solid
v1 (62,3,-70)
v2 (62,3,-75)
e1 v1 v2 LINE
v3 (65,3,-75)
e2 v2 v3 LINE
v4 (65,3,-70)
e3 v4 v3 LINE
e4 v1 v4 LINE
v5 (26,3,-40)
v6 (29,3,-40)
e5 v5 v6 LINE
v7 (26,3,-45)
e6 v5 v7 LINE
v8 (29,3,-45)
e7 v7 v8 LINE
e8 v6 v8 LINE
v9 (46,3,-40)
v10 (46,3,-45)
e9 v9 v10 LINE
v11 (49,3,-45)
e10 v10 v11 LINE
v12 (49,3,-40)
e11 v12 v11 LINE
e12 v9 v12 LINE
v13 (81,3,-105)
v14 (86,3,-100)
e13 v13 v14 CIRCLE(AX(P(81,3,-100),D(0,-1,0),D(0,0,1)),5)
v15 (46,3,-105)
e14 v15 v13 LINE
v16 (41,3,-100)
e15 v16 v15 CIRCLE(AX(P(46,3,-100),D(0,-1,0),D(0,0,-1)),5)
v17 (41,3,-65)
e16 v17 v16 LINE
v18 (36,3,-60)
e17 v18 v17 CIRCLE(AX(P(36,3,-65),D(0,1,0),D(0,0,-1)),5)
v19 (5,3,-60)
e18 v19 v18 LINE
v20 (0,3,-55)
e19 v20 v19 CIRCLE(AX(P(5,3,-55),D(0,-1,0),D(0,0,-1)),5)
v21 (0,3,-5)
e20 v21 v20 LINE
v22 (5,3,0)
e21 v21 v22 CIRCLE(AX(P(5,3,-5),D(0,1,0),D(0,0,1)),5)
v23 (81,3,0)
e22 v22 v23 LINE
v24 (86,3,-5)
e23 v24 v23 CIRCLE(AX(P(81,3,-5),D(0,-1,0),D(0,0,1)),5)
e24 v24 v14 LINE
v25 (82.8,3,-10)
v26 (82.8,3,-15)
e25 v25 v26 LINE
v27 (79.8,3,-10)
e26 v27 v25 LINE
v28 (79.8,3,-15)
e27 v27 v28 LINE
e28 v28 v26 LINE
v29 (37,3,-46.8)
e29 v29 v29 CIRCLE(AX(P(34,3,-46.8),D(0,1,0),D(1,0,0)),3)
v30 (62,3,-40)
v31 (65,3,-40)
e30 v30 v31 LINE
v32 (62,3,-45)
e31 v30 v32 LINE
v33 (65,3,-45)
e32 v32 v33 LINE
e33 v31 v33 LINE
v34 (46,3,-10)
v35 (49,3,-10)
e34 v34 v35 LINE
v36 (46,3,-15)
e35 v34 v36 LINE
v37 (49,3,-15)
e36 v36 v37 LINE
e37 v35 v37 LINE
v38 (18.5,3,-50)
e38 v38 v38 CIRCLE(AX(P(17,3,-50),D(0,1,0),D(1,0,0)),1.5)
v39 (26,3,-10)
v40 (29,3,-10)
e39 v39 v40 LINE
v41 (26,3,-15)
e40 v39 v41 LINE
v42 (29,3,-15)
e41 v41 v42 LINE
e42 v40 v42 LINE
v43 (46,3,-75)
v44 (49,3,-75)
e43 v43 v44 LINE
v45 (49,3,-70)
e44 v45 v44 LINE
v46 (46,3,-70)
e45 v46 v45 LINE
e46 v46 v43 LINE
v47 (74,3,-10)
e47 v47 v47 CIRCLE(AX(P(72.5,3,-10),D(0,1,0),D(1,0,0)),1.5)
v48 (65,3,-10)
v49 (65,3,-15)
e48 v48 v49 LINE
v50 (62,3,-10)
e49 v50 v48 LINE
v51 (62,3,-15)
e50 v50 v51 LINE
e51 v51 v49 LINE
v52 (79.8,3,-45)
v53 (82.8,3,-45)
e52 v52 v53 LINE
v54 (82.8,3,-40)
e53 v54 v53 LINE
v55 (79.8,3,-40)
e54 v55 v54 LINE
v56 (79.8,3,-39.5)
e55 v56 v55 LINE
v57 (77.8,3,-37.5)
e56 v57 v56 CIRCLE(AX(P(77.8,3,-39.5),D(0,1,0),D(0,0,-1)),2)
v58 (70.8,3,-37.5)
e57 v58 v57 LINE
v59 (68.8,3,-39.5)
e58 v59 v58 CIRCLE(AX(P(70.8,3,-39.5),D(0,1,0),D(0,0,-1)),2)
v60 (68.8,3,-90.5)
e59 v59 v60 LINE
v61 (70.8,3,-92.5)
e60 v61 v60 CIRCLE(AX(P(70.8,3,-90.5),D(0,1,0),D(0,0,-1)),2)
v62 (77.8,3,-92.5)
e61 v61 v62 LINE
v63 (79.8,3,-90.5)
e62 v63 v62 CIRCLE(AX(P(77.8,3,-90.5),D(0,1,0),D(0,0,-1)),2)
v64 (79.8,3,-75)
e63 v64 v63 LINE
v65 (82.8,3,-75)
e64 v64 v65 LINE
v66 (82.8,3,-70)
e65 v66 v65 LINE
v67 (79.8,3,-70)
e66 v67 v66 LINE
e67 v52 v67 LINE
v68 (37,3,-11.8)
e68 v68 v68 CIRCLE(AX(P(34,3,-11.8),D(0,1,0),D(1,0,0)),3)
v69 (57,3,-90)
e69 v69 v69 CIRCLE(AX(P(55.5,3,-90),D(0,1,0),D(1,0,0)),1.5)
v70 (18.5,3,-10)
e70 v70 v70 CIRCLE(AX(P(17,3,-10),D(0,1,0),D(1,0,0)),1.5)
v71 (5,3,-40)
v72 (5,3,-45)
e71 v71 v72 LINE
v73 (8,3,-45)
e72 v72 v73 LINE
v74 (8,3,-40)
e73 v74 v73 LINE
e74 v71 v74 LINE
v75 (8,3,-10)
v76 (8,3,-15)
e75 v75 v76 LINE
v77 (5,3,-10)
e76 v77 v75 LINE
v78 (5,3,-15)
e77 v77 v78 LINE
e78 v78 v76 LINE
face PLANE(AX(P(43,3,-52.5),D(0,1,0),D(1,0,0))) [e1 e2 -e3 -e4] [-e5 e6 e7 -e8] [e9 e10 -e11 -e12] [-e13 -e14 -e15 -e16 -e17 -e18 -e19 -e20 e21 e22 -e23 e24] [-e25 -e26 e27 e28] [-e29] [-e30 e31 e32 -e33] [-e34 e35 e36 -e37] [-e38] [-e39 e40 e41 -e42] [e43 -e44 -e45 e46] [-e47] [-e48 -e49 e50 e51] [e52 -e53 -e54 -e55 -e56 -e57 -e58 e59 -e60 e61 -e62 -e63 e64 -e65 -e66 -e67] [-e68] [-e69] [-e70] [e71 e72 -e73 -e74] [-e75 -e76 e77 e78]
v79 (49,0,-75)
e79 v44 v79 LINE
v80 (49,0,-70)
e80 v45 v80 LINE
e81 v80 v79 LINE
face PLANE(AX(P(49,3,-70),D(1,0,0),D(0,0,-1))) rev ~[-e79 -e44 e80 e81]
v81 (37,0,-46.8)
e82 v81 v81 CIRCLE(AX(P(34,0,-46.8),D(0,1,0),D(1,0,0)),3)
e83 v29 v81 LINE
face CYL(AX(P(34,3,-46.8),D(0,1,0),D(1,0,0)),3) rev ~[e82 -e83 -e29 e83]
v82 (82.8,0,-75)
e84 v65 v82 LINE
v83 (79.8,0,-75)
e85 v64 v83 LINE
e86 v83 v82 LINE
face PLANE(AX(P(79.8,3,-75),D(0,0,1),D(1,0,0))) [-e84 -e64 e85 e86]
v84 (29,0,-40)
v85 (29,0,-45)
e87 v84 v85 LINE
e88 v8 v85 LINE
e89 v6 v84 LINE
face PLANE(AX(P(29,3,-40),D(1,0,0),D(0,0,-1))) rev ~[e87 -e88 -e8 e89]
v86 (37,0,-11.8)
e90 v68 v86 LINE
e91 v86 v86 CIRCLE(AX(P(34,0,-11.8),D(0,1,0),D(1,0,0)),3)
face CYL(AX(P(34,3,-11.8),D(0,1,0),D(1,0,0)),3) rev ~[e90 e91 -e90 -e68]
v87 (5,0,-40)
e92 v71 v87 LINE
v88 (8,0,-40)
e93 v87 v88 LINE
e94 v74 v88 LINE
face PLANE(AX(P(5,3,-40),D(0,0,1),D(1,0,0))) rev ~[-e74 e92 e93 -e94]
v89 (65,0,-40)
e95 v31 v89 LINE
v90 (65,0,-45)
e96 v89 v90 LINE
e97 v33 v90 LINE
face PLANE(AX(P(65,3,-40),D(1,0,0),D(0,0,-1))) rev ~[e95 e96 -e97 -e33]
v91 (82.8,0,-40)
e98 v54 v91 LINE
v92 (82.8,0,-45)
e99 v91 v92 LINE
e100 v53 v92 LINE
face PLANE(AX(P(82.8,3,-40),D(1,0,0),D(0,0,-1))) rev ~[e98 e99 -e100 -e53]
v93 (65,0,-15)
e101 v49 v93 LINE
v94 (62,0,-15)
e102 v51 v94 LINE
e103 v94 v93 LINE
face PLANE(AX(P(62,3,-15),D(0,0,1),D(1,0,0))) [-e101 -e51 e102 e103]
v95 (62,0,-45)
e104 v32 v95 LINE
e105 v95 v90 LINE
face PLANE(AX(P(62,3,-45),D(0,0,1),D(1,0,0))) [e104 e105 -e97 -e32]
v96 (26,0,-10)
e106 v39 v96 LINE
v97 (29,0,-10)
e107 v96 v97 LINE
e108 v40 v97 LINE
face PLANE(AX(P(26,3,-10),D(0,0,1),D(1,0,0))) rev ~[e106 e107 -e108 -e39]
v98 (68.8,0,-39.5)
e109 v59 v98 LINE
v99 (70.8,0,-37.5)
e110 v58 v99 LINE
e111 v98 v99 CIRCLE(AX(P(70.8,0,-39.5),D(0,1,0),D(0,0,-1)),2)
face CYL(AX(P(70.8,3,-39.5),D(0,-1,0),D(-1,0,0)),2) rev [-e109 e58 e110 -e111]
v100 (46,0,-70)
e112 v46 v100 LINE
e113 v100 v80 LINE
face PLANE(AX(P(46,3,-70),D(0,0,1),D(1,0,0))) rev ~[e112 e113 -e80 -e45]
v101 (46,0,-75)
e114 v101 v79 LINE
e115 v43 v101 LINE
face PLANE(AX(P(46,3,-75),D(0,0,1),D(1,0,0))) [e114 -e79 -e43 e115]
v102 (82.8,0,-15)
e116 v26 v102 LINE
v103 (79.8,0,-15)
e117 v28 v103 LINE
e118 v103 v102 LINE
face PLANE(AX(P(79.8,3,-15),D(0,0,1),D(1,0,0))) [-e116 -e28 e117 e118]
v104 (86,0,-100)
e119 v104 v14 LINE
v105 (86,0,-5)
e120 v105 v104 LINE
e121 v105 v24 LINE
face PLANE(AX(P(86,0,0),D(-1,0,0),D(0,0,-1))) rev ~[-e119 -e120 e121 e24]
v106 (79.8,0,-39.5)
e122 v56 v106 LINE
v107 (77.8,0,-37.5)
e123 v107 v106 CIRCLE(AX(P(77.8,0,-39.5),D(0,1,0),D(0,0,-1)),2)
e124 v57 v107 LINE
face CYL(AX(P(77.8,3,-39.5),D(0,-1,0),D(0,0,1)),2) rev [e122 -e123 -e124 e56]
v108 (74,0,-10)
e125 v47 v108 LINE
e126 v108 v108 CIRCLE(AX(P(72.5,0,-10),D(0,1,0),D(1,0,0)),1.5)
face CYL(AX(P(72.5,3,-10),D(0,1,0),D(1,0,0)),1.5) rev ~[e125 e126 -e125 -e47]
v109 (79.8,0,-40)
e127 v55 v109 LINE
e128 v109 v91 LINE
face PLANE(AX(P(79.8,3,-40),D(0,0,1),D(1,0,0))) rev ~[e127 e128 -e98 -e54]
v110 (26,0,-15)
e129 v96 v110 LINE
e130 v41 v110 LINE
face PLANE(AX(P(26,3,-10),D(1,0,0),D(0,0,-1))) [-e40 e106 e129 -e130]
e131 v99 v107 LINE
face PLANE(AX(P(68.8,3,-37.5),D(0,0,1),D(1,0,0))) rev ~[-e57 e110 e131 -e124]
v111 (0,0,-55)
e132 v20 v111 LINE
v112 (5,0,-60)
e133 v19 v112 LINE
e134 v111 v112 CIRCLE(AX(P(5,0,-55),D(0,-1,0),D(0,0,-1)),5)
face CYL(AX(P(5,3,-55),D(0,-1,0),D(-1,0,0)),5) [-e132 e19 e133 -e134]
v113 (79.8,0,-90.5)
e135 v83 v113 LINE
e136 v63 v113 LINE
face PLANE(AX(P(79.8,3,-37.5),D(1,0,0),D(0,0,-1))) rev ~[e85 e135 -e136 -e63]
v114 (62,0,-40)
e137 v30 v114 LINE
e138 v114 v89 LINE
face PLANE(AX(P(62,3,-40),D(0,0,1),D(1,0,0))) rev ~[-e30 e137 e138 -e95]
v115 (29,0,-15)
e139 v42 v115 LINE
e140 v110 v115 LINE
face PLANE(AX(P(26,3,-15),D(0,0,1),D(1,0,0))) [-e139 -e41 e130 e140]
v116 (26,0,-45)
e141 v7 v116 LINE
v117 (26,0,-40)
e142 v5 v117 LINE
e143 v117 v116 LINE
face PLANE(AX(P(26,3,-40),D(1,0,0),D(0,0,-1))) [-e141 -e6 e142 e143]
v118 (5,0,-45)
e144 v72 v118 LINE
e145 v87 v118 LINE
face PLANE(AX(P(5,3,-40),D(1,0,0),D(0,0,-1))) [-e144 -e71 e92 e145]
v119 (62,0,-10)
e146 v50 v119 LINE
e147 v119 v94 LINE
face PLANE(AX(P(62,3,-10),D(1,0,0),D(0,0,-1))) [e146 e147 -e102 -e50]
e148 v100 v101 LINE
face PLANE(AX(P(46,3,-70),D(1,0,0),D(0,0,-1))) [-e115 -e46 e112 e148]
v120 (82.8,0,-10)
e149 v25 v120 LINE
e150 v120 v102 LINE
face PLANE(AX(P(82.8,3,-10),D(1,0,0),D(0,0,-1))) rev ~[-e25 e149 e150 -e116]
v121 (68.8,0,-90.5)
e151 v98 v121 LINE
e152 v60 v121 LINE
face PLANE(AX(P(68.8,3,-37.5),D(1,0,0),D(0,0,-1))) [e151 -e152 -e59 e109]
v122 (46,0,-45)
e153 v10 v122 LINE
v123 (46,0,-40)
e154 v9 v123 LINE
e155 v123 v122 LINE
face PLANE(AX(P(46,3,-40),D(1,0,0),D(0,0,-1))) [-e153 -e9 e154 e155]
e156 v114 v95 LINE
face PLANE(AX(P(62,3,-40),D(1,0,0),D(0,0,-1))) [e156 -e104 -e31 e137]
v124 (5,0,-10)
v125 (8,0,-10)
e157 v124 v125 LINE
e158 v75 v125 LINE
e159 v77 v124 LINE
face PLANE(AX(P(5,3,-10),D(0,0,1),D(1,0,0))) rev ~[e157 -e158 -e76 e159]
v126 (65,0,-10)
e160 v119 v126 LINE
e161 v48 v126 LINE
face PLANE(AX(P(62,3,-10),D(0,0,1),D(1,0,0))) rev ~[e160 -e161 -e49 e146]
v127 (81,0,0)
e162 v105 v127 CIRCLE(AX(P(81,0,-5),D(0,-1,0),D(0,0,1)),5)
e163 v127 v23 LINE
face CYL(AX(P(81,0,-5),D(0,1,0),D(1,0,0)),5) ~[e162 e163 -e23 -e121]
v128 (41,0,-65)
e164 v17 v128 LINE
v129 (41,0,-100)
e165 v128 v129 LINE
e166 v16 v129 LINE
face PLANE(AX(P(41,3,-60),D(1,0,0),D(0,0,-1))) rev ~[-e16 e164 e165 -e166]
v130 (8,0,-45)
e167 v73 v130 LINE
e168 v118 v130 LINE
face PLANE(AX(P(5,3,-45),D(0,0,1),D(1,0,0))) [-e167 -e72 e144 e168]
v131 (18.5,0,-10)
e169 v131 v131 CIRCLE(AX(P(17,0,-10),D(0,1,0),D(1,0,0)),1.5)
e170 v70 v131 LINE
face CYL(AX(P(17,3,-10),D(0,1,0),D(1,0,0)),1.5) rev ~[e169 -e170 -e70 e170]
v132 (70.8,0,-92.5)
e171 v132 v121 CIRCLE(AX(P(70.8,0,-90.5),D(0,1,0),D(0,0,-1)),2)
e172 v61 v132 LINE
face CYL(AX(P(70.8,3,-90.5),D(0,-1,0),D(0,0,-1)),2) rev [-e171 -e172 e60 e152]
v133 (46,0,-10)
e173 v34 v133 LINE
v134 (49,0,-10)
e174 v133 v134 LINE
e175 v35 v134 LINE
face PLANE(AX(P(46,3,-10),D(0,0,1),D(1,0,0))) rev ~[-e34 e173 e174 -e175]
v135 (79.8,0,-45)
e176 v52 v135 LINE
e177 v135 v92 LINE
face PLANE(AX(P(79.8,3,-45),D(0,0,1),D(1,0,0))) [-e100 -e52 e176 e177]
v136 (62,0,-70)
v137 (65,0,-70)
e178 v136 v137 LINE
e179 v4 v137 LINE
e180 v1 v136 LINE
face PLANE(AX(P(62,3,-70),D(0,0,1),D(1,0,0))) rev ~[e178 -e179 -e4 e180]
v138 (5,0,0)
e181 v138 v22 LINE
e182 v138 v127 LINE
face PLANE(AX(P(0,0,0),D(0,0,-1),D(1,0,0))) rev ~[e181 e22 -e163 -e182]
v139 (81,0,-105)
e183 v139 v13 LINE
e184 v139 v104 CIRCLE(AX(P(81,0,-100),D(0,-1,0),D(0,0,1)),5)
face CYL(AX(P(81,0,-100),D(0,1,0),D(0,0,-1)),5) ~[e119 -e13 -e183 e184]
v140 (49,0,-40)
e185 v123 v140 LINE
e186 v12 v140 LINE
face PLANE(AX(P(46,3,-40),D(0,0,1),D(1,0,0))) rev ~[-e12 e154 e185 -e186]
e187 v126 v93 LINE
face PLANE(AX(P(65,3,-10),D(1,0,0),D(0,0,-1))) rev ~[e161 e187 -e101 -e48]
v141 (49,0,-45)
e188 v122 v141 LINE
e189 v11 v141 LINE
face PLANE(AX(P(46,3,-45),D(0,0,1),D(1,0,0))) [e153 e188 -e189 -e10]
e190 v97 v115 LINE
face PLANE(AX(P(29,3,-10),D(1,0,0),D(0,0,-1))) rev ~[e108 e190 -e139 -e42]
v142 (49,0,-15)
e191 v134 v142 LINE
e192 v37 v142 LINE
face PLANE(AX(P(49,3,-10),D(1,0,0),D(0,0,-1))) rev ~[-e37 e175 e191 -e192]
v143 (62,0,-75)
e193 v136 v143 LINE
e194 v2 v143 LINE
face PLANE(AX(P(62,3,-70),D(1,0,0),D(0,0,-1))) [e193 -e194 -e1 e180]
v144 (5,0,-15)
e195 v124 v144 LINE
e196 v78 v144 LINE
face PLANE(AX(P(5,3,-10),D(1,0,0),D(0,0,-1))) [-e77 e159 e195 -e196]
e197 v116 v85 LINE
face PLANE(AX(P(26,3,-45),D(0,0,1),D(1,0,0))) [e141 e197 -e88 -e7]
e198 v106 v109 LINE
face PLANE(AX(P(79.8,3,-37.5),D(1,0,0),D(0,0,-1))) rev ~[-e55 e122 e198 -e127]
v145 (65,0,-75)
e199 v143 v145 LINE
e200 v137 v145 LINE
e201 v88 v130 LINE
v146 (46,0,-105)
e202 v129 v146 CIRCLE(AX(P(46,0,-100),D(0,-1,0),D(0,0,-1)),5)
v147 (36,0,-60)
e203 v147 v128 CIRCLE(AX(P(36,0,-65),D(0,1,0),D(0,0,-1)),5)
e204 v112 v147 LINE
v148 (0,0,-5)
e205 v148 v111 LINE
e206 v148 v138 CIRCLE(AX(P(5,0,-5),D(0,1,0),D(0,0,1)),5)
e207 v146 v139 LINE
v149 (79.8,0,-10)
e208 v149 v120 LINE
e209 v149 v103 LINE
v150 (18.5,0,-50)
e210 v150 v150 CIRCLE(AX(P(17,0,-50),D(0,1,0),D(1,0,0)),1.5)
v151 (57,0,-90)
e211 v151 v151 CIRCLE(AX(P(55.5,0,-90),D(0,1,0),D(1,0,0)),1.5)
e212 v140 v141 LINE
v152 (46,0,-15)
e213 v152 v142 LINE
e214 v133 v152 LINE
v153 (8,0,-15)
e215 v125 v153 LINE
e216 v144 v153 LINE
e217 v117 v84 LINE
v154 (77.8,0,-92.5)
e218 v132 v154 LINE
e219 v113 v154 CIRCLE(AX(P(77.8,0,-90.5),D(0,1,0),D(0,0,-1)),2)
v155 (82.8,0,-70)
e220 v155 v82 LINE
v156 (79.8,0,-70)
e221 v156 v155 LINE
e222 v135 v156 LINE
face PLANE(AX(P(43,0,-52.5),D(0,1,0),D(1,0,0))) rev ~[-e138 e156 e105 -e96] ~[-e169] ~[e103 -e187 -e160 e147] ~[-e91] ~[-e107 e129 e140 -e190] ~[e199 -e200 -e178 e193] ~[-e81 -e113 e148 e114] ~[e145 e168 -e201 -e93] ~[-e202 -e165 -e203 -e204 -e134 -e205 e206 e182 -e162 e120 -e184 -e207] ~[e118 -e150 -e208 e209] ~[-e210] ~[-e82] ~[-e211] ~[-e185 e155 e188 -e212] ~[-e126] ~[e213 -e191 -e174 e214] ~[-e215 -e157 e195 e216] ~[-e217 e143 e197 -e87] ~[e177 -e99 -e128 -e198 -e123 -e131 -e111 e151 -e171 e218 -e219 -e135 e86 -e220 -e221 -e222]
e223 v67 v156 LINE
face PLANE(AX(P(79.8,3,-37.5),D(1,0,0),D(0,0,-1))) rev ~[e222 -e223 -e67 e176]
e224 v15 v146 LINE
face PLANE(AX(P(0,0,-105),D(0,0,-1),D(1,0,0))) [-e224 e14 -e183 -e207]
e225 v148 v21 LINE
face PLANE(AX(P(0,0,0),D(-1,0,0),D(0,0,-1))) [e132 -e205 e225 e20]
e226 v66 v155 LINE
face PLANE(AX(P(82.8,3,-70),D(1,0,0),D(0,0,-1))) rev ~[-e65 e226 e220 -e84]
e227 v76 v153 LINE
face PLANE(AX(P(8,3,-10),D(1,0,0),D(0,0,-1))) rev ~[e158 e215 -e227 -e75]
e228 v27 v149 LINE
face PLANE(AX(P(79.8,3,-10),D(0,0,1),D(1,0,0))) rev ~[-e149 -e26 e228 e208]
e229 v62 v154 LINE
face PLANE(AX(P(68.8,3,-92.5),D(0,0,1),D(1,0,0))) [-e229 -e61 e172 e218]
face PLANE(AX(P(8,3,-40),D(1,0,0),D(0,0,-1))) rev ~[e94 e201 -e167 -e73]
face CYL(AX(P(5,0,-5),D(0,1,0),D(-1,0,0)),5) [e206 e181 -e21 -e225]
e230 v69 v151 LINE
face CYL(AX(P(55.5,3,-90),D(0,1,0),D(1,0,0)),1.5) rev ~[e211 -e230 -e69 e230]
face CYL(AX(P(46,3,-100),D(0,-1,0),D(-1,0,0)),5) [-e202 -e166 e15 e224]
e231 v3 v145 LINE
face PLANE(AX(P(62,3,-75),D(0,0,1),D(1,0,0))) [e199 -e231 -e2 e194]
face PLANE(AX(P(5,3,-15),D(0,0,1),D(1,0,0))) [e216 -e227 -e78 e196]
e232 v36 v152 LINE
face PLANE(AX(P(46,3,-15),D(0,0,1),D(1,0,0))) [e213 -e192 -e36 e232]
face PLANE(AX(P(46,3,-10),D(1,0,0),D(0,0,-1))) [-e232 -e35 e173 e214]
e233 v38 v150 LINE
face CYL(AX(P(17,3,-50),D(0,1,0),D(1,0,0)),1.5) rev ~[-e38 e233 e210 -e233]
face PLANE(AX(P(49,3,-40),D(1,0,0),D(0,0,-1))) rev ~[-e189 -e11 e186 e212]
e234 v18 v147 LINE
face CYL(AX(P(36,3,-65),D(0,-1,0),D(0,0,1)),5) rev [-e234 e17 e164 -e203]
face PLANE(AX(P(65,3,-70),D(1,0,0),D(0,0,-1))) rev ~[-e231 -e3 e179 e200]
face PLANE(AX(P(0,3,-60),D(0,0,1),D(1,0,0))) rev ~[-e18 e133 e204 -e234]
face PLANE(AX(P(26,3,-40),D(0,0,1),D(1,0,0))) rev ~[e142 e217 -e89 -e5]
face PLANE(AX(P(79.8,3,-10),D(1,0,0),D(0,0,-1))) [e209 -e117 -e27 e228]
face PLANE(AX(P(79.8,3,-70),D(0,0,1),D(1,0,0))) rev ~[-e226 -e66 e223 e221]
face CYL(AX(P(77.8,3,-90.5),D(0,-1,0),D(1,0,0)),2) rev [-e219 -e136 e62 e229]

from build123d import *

# Parameters (mm, degrees)
SKETCH1_W           = 86
SKETCH1_H           = 105
BOSS_EXTRUDE1_DEPTH = 3
SKETCH2_W           = 3
SKETCH2_H           = 5
CUT_EXTRUDE1_DEPTH  = 3
LPATTERN1_COUNT     = 3
LPATTERN1_PITCH     = 30
SKETCH5_R           = 1.5
CUT_EXTRUDE2_DEPTH  = 4
SKETCH6_R           = 3
SKETCH6_W           = 11
SKETCH6_H           = 55
CUT_EXTRUDE3_DEPTH  = 4
FILLET2_R           = 2
SKETCH7_W           = 41
SKETCH7_H           = 45
CUT_EXTRUDE4_DEPTH  = 4
FILLET3_R           = 5


with BuildPart() as part:
    # Sketch1 → Boss-Extrude1 (new body)
    with BuildSketch(Plane(origin=(0, 0, 0), x_dir=(1, 0, 0), z_dir=(0, 1, 0))):
        with Locations((43, 52.5)):
            Rectangle(SKETCH1_W, SKETCH1_H)
    extrude(amount=BOSS_EXTRUDE1_DEPTH)

    # Sketch2 → Cut-Extrude1 (cut)
    with BuildSketch(Plane(origin=(0, 3, 0), x_dir=(1, 0, 0), z_dir=(0, 1, 0))):
        with Locations((63.5, 12.5)):
            Rectangle(SKETCH2_W, SKETCH2_H)
        with Locations((47.5, 12.5)):
            Rectangle(SKETCH2_W, SKETCH2_H)
        with Locations((27.5, 12.5)):
            Rectangle(SKETCH2_W, SKETCH2_H)
        with Locations((6.5, 12.5)):
            Rectangle(SKETCH2_W, SKETCH2_H)
        with Locations((81.3, 12.5)):
            Rectangle(SKETCH2_W, SKETCH2_H)
    cut_extrude1 = extrude(amount=-CUT_EXTRUDE1_DEPTH, mode=Mode.SUBTRACT)

    # LPattern1: Cut-Extrude1 ×3
    with Locations(*[(0, 0, -i * LPATTERN1_PITCH) for i in range(1, LPATTERN1_COUNT)]):
        add(cut_extrude1, mode=Mode.SUBTRACT)

    # Sketch5 → Cut-Extrude2 (cut, through all)
    with BuildSketch(Plane(origin=(0, 3, 0), x_dir=(1, 0, 0), z_dir=(0, 1, 0))):
        with Locations((17, 10)):
            Circle(SKETCH5_R)
        with Locations((17, 50)):
            Circle(SKETCH5_R)
        with Locations((72.5, 10)):
            Circle(SKETCH5_R)
        with Locations((55.5, 90)):
            Circle(SKETCH5_R)
    extrude(amount=-CUT_EXTRUDE2_DEPTH, mode=Mode.SUBTRACT)

    # Sketch6 → Cut-Extrude3 (cut, through all)
    with BuildSketch(Plane(origin=(0, 3, 0), x_dir=(1, 0, 0), z_dir=(0, 1, 0))):
        with Locations((34, 11.8)):
            Circle(SKETCH6_R)
        with Locations((34, 46.8)):
            Circle(SKETCH6_R)
        with Locations((74.3, 65)):
            Rectangle(SKETCH6_W, SKETCH6_H)
    extrude(amount=-CUT_EXTRUDE3_DEPTH, mode=Mode.SUBTRACT)

    # Fillet2
    fillet2_edges = [part.edges().sort_by_distance(p)[0] for p in [
        (79.8, 1.5, -92.5),
        (68.8, 1.5, -37.5),
        (68.8, 1.5, -92.5),
        (79.8, 1.5, -37.5),
    ]]
    fillet(fillet2_edges, radius=FILLET2_R)

    # Sketch7 → Cut-Extrude4 (cut, through all)
    with BuildSketch(Plane(origin=(0, 3, 0), x_dir=(1, 0, 0), z_dir=(0, 1, 0))):
        with Locations((20.5, 82.5)):
            Rectangle(SKETCH7_W, SKETCH7_H)
    extrude(amount=-CUT_EXTRUDE4_DEPTH, mode=Mode.SUBTRACT)

    # Fillet3
    fillet3_edges = [part.edges().sort_by_distance(p)[0] for p in [
        (0, 1.5, -60),
        (41, 1.5, -105),
        (41, 1.5, -60),
        (86, 1.5, -105),
        (86, 1.5, 0),
        (0, 1.5, 0),
    ]]
    fillet(fillet3_edges, radius=FILLET3_R)


solid = part.part
